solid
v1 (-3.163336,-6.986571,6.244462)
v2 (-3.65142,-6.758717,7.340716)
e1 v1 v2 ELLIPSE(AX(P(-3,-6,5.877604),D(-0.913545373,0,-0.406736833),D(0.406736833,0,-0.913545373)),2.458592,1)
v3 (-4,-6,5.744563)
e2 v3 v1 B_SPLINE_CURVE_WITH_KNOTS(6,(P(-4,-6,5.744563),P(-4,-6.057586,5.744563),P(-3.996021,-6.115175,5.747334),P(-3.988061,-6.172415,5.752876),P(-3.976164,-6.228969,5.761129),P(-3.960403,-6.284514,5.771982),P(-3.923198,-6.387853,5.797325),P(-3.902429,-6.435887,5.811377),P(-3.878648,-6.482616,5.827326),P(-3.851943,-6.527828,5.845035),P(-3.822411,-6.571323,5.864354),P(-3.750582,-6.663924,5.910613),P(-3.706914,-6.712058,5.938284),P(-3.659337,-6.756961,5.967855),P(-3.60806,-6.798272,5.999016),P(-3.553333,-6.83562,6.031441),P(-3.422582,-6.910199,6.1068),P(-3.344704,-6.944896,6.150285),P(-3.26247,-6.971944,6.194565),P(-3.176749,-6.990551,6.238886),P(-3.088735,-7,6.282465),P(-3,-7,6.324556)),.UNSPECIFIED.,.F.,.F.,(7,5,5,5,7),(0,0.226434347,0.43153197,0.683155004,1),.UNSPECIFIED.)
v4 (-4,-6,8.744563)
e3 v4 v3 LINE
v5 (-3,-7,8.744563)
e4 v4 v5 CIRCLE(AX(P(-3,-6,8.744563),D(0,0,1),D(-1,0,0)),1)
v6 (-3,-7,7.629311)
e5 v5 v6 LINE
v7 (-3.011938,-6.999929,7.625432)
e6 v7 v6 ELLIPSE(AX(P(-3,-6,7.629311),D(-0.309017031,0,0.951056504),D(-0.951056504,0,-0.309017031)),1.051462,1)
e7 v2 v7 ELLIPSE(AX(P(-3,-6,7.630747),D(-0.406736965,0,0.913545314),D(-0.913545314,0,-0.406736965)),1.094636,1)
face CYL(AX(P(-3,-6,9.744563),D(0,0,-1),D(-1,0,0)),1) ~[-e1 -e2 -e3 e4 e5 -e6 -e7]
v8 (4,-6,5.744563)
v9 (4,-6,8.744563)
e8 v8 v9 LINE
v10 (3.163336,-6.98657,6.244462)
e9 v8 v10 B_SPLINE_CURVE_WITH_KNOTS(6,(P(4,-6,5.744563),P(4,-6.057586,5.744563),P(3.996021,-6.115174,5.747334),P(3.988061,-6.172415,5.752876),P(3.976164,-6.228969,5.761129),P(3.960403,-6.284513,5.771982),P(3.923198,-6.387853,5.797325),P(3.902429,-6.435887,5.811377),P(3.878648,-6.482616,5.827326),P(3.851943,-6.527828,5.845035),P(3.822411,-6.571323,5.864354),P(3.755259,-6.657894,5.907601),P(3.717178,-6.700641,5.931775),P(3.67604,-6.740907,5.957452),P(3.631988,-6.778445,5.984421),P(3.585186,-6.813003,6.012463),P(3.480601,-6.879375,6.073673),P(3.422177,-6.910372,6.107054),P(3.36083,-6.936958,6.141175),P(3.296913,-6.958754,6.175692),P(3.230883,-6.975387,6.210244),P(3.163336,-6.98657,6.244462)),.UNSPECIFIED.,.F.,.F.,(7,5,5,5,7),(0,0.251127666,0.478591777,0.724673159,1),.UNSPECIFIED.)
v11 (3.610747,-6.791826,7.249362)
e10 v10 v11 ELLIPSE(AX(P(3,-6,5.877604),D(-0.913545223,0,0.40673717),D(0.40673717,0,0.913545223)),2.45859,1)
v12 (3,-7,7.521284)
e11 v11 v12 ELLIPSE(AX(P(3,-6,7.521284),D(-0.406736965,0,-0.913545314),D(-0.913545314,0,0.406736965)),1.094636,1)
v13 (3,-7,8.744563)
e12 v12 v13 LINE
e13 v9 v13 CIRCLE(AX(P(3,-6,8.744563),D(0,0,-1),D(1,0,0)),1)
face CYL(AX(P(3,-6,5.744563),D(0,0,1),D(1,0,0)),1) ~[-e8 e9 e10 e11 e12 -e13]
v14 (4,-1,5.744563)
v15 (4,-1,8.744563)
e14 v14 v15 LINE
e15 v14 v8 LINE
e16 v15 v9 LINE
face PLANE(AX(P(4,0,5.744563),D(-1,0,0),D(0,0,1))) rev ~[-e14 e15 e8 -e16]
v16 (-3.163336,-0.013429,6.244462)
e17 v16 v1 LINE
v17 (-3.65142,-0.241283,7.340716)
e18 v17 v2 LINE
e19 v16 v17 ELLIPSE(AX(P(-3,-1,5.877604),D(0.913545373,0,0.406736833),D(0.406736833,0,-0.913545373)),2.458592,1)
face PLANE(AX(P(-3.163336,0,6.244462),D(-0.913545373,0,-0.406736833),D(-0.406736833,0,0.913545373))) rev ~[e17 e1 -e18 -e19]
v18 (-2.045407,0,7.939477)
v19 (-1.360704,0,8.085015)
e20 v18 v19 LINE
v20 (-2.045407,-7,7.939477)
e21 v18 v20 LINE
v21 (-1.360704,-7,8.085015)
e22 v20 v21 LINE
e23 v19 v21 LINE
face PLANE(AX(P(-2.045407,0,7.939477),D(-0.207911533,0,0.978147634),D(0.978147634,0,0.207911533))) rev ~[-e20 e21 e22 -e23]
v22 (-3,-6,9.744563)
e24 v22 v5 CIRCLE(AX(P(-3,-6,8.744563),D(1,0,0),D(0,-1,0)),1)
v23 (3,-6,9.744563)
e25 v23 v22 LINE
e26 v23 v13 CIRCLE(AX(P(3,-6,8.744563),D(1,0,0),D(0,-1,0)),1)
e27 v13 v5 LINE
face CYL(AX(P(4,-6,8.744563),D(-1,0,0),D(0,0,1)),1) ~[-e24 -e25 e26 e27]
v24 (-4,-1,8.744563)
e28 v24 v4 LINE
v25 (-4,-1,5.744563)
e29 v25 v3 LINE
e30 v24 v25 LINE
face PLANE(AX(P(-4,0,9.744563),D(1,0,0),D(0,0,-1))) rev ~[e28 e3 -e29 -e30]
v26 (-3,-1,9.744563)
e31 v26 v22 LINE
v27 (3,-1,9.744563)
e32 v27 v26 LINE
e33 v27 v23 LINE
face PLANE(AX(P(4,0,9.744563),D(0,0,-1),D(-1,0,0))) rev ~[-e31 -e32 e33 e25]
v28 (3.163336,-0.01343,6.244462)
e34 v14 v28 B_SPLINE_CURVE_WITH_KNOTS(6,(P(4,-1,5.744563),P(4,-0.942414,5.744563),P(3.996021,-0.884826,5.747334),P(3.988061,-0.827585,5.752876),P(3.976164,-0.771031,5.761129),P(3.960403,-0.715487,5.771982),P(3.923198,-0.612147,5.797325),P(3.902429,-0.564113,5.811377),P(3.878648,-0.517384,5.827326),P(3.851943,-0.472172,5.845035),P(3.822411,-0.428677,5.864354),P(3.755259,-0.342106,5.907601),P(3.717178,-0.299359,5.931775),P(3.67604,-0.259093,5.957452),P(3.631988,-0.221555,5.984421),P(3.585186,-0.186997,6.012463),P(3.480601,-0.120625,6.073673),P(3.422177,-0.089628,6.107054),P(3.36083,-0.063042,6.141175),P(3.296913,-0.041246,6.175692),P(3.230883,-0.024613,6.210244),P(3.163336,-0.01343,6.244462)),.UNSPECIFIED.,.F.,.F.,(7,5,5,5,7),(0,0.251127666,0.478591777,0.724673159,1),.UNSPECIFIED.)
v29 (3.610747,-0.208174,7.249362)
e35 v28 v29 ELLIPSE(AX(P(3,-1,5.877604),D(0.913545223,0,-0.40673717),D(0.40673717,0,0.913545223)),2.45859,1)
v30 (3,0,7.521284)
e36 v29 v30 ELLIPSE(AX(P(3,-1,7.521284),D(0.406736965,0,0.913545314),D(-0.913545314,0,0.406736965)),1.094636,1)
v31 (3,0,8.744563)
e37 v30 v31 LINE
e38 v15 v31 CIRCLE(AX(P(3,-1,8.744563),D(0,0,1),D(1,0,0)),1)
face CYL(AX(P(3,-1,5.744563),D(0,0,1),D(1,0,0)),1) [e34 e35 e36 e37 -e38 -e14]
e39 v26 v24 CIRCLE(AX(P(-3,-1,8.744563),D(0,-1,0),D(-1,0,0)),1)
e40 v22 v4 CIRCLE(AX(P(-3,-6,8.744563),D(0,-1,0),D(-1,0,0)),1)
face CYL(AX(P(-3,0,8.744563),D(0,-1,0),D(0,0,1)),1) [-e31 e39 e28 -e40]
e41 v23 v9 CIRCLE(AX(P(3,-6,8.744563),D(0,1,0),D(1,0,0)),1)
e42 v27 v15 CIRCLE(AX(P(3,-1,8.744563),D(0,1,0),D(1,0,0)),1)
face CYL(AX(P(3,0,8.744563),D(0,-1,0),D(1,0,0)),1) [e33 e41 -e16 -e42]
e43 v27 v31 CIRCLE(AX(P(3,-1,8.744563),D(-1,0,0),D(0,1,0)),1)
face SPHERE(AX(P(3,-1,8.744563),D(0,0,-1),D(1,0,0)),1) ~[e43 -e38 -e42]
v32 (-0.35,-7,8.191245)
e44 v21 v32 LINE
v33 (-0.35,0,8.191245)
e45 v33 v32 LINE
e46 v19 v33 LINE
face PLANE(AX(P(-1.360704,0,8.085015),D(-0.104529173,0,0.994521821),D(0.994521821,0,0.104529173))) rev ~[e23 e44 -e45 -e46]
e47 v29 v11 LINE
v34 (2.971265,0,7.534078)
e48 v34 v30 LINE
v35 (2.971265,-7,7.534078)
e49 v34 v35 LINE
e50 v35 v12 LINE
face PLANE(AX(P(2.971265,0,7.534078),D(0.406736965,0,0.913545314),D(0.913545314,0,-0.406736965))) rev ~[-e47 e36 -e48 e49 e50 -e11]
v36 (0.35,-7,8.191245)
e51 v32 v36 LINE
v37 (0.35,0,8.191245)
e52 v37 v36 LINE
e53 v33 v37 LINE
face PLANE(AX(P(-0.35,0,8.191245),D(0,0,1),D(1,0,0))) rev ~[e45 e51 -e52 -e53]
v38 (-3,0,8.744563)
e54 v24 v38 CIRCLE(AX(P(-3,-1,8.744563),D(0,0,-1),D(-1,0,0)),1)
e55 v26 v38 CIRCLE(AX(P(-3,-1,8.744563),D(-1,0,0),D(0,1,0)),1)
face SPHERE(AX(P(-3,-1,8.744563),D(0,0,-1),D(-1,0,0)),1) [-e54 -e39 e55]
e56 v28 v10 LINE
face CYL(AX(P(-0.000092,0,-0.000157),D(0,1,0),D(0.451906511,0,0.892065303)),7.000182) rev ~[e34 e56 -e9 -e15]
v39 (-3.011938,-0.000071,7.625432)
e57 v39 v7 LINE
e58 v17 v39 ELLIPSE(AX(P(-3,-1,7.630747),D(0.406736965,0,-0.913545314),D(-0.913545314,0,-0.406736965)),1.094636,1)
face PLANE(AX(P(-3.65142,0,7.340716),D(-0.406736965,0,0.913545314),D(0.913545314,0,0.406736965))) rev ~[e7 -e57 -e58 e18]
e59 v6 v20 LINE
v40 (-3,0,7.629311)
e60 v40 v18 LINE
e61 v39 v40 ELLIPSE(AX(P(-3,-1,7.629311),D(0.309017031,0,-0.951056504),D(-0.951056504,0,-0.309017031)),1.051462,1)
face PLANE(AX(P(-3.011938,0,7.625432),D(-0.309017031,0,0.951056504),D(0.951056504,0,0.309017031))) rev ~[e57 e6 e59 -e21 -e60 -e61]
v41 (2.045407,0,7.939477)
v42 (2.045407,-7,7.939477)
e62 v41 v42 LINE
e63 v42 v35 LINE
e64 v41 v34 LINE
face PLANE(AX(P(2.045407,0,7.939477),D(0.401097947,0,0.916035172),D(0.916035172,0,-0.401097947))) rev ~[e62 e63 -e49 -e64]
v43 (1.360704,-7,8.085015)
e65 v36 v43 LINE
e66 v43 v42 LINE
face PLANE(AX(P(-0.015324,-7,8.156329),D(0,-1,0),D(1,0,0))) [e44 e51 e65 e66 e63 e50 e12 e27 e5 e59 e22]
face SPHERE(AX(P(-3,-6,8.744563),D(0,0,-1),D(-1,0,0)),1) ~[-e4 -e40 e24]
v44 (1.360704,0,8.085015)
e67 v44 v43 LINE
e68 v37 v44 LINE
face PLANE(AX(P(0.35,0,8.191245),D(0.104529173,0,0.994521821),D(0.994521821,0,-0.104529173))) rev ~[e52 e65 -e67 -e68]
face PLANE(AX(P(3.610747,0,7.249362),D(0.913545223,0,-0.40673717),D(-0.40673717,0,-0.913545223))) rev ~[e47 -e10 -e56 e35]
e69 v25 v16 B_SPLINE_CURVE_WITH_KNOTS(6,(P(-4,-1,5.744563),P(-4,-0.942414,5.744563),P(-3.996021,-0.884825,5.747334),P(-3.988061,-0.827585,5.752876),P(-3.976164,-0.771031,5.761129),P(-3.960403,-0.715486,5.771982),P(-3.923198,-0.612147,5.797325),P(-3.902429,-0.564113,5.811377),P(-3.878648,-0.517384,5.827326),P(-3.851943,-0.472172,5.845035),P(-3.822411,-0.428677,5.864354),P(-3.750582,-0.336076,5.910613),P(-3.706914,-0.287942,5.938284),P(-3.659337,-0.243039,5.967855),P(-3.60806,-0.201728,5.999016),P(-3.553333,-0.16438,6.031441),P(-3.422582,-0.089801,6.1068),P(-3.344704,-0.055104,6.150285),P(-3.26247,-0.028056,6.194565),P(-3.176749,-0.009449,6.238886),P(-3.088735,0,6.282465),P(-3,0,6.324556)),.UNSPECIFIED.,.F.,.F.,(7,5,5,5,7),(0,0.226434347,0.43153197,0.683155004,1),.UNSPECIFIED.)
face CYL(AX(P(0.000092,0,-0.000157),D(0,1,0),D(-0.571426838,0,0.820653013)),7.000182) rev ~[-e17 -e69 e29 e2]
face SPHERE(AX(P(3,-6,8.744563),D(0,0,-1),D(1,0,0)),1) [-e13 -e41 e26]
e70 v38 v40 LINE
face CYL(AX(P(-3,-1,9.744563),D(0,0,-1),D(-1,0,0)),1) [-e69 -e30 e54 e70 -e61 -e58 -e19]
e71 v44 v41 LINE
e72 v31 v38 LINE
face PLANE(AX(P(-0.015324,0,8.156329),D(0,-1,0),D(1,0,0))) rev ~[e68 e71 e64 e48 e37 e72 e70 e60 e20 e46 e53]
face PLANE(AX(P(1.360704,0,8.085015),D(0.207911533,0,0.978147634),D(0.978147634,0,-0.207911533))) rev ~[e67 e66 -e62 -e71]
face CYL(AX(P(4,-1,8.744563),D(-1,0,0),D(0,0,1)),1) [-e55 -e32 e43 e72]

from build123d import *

# Parameters (mm, degrees)
F1_DEPTH = 7
F2_R     = 1


with BuildPart() as f1:
    # F0 (on Front) → F1 (new body)
    with BuildSketch(Plane.XZ):
        with BuildLine():
            ThreePointArc((3.163336, 6.244462), (3.590379, 6.009091), (4, 5.744563))
            Line((4, 5.744563), (4, 9.744563))
            Line((4, 9.744563), (-4, 9.744563))
            Line((-4, 9.744563), (-4, 5.744563))
            ThreePointArc((-4, 5.744563), (-3.590379, 6.009091), (-3.163336, 6.244462))
            Line((-3.163336, 6.244462), (-3.65142, 7.340716))
            Line((-3.65142, 7.340716), (-3.011938, 7.625432))
            Line((-3.011938, 7.625432), (-2.045407, 7.939477))
            Line((-2.045407, 7.939477), (-1.360704, 8.085015))
            Line((-1.360704, 8.085015), (-0.35, 8.191245))
            Line((-0.35, 8.191245), (0.35, 8.191245))
            Line((0.35, 8.191245), (1.360704, 8.085015))
            Line((1.360704, 8.085015), (2.045407, 7.939477))
            Line((2.045407, 7.939477), (2.971265, 7.534078))
            Line((2.971265, 7.534078), (3.610747, 7.249362))
            Line((3.610747, 7.249362), (3.163336, 6.244462))
        make_face()
    extrude(amount=F1_DEPTH)

    # F2
    f2_edges = [f1.edges().sort_by_distance(p)[0] for p in [
        (-4, -7, 7.744563),
        (4, -7, 7.744563),
        (4, 0, 7.744563),
        (-4, 0, 7.744563),
        (4, -3.5, 9.744563),
        (-4, -3.5, 9.744563),
        (0, 0, 9.744563),
        (0, -7, 9.744563),
    ]]
    fillet(f2_edges, radius=F2_R)


solid = f1.part
